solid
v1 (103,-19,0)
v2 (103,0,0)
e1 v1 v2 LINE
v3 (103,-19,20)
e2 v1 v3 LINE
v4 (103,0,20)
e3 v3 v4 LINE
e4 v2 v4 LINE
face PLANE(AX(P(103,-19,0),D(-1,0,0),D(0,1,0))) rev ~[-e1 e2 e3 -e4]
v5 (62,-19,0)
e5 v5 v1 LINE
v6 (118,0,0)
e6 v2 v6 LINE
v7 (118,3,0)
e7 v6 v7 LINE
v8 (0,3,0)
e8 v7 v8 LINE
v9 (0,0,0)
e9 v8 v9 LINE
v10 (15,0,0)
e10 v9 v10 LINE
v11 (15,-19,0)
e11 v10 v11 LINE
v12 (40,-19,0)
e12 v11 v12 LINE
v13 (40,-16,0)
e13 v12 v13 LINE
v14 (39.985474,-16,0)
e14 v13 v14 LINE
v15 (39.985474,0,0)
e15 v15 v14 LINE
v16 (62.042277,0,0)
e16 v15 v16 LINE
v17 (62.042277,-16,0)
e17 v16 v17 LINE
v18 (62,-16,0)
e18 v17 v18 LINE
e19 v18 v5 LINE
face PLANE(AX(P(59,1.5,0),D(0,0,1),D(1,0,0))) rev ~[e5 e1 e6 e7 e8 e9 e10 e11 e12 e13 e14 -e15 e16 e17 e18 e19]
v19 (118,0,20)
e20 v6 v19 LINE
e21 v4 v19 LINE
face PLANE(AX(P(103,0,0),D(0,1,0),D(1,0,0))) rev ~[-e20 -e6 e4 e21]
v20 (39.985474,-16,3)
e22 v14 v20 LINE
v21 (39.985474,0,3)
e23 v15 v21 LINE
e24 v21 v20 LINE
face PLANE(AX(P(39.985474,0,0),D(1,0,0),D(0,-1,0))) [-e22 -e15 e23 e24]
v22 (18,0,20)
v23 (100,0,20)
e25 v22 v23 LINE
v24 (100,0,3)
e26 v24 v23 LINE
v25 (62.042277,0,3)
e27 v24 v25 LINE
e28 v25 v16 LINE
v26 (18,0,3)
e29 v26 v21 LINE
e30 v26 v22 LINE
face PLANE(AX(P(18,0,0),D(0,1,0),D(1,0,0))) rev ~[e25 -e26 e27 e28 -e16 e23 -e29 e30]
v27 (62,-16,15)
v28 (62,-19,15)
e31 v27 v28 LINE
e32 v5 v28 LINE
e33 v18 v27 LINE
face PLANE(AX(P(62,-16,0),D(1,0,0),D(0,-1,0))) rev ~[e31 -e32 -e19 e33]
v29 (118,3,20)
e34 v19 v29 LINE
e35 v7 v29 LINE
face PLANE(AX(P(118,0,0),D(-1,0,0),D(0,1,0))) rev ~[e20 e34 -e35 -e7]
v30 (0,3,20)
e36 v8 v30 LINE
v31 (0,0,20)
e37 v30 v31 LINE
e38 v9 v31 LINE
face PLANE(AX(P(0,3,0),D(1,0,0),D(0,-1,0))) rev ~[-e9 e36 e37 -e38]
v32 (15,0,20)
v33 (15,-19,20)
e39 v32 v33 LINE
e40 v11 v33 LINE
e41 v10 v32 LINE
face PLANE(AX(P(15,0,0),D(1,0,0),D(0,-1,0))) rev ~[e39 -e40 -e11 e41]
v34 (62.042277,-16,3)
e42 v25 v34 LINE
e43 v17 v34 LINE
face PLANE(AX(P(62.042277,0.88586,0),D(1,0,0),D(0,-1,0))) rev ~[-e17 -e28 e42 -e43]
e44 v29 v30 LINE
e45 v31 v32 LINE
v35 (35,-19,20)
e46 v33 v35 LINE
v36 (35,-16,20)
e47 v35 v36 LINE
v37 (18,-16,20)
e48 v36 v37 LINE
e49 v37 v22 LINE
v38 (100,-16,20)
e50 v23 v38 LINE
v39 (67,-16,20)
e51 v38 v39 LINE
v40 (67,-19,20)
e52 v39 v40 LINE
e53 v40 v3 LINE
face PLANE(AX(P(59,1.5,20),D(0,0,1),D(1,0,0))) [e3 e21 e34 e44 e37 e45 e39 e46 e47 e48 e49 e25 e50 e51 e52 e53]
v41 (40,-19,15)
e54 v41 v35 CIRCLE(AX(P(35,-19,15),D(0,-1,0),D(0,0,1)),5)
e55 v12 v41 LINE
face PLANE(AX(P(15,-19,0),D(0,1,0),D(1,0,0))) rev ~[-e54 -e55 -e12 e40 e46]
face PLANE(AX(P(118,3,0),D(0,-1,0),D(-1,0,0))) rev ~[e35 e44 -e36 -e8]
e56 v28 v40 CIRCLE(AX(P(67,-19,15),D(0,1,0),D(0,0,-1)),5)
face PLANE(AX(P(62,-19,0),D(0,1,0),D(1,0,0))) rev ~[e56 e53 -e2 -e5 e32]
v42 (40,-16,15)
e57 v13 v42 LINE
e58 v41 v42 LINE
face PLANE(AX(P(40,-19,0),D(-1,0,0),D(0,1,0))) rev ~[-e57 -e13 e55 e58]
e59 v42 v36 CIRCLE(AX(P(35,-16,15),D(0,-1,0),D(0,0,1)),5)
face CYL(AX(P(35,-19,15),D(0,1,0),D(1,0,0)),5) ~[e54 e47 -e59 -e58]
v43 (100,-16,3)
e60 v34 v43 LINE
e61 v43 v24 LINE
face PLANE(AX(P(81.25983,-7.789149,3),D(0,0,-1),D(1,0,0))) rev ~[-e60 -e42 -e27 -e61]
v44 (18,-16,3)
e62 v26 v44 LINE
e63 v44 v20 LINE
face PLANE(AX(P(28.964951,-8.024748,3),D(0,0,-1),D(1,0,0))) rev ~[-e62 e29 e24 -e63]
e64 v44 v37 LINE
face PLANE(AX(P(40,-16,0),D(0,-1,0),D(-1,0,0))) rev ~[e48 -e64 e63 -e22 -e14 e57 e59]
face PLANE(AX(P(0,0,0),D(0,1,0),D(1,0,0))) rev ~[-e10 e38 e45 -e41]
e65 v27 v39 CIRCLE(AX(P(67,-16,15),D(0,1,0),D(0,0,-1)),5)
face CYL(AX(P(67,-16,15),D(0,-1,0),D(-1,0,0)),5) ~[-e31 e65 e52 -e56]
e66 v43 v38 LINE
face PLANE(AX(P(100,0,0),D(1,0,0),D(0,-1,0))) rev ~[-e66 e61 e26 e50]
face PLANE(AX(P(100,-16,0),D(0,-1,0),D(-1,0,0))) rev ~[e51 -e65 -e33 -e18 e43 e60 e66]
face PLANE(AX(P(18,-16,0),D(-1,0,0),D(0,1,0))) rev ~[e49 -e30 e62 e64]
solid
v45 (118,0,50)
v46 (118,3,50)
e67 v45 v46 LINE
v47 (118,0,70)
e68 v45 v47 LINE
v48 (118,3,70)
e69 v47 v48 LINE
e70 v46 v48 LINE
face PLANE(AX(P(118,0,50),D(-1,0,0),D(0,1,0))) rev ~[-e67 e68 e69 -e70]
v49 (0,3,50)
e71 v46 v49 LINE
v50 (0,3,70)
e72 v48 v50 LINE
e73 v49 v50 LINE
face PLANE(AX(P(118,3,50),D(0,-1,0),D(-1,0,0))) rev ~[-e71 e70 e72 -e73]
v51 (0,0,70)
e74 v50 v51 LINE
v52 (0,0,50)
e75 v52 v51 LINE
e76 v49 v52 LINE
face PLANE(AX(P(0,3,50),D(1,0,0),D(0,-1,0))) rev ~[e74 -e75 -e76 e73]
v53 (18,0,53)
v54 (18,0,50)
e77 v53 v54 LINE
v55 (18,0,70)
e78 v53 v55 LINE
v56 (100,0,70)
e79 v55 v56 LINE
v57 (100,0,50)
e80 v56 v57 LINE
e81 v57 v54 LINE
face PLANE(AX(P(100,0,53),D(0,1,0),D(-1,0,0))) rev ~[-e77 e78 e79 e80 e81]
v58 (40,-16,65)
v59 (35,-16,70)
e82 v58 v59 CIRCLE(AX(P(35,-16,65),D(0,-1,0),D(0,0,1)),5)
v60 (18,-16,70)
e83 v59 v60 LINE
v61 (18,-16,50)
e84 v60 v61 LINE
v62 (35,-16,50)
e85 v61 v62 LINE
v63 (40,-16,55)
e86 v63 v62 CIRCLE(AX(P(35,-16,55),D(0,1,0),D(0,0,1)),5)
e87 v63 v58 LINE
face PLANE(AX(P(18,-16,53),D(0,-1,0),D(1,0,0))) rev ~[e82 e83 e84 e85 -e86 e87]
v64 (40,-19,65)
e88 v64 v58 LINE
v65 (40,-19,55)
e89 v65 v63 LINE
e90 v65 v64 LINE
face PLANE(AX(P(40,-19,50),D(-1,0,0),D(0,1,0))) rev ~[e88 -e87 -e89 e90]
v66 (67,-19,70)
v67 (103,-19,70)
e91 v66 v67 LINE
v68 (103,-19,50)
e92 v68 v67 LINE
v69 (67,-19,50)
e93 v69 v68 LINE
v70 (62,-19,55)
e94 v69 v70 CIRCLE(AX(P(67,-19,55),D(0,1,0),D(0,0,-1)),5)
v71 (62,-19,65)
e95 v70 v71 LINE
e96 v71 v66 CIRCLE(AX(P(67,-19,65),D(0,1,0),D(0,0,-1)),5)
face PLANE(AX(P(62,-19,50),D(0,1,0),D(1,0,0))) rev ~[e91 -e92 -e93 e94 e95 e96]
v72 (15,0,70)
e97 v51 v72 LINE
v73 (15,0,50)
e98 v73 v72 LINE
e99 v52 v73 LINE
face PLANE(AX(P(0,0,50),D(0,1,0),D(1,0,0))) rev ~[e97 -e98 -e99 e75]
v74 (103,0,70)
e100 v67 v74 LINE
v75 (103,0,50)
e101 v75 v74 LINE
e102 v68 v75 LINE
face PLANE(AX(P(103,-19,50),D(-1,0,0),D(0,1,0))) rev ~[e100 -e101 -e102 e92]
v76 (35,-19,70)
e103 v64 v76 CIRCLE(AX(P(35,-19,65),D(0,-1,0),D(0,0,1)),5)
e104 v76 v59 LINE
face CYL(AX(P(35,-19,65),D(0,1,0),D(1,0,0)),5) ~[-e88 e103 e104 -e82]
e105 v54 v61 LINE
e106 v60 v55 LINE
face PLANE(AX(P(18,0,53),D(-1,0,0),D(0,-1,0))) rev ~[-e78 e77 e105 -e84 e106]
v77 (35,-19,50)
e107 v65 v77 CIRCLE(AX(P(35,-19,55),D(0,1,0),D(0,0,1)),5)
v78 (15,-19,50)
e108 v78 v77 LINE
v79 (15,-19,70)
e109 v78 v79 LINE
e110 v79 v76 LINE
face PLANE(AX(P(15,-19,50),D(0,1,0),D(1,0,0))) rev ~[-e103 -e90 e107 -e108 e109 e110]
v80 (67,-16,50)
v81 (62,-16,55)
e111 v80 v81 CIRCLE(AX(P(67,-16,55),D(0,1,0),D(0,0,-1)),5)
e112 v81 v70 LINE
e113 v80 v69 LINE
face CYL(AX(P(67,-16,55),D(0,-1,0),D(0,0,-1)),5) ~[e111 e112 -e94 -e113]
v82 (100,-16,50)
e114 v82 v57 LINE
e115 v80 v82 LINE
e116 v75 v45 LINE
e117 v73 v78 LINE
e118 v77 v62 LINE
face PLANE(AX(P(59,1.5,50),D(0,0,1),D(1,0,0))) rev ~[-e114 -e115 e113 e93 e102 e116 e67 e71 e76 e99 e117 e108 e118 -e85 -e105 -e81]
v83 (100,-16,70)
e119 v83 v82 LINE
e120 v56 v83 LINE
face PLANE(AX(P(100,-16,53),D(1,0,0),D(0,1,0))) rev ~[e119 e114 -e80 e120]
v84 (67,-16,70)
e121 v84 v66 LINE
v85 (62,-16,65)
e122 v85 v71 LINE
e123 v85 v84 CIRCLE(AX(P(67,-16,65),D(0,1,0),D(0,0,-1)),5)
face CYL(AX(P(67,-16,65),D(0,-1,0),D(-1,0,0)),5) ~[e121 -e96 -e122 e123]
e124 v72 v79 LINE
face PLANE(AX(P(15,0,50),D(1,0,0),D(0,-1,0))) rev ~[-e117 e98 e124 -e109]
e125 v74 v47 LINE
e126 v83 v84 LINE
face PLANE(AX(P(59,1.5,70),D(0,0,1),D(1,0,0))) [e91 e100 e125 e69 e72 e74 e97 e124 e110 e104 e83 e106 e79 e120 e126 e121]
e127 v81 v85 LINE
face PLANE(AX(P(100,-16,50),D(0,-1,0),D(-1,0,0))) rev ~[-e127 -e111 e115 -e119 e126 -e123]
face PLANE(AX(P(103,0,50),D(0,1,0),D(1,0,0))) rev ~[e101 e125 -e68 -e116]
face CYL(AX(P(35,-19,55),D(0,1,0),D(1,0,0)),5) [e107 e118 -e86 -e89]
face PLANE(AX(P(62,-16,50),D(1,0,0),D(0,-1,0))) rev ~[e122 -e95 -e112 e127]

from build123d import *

# Parameters (mm, degrees)
F1_DEPTH  = 20
F3_W      = 22.0410469919
F3_H      = 16.0494968295
F3_W_2    = 38.4351052344
F3_H_2    = 17.3500169185
F4_DEPTH  = 3
F5_R      = 5
F9_DEPTH  = 25
F10_DEPTH = 3
F11_R     = 5


with BuildPart() as f1:
    # F0 (on Top) → F1 (new body)
    with BuildSketch(Plane.XY):
        Polygon((0, 3), (0, 0), (15, 0), (18, 0), (100, 0), (103, 0), (118, 0), (118, 3), align=None)
        Polygon((18, 0), (15, 0), (15, -19), (40, -19), (40, -16), (18, -16), align=None)
        Polygon((103, 0), (100, 0), (100, -16), (62, -16), (62, -19), (103, -19), align=None)
    extrude(amount=F1_DEPTH)

    # F3 (on offset) → F4 (join)
    with BuildSketch(Plane(origin=(0, 0, 0), x_dir=(1, 0, 0), z_dir=(0, 0, -1))):
        with Locations((28.9649507031, 8.0247484148)):
            Rectangle(F3_W, F3_H)
        with Locations((81.2598299235, 7.7891485707)):
            Rectangle(F3_W_2, F3_H_2)
    extrude(amount=-F4_DEPTH)

    # F5
    f5_edges = [f1.edges().sort_by_distance(p)[0] for p in [
        (40, -17.5, 20),
        (62, -17.5, 20),
    ]]
    fillet(f5_edges, radius=F5_R)


with BuildPart() as f6_1:
    # F6: copy of F1
    add(f1.part.moved(Location((0, 0, 50))))


with BuildPart() as f8_1:
    # F8: copy of F1
    add(f1.part.moved(Location((0, 0, 50))))

    # F9 (cut): a face of the model
    f9_faces = [f8_1.faces().sort_by_distance(p)[0] for p in [
        (28.9927370995, -8, 53),
    ]]
    extrude(f9_faces, amount=-F9_DEPTH, mode=Mode.SUBTRACT)

    # F10 (cut): a face of the model
    f10_faces = [f8_1.faces().sort_by_distance(p)[0] for p in [
        (81.0211386532, -8, 53),
    ]]
    extrude(f10_faces, amount=-F10_DEPTH, mode=Mode.SUBTRACT)

    # F11
    f11_edges = [f8_1.edges().sort_by_distance(p)[0] for p in [
        (40, -17.5, 50),
        (62, -17.5, 50),
    ]]
    fillet(f11_edges, radius=F11_R)


solid = Compound([f1.part, f8_1.part])
